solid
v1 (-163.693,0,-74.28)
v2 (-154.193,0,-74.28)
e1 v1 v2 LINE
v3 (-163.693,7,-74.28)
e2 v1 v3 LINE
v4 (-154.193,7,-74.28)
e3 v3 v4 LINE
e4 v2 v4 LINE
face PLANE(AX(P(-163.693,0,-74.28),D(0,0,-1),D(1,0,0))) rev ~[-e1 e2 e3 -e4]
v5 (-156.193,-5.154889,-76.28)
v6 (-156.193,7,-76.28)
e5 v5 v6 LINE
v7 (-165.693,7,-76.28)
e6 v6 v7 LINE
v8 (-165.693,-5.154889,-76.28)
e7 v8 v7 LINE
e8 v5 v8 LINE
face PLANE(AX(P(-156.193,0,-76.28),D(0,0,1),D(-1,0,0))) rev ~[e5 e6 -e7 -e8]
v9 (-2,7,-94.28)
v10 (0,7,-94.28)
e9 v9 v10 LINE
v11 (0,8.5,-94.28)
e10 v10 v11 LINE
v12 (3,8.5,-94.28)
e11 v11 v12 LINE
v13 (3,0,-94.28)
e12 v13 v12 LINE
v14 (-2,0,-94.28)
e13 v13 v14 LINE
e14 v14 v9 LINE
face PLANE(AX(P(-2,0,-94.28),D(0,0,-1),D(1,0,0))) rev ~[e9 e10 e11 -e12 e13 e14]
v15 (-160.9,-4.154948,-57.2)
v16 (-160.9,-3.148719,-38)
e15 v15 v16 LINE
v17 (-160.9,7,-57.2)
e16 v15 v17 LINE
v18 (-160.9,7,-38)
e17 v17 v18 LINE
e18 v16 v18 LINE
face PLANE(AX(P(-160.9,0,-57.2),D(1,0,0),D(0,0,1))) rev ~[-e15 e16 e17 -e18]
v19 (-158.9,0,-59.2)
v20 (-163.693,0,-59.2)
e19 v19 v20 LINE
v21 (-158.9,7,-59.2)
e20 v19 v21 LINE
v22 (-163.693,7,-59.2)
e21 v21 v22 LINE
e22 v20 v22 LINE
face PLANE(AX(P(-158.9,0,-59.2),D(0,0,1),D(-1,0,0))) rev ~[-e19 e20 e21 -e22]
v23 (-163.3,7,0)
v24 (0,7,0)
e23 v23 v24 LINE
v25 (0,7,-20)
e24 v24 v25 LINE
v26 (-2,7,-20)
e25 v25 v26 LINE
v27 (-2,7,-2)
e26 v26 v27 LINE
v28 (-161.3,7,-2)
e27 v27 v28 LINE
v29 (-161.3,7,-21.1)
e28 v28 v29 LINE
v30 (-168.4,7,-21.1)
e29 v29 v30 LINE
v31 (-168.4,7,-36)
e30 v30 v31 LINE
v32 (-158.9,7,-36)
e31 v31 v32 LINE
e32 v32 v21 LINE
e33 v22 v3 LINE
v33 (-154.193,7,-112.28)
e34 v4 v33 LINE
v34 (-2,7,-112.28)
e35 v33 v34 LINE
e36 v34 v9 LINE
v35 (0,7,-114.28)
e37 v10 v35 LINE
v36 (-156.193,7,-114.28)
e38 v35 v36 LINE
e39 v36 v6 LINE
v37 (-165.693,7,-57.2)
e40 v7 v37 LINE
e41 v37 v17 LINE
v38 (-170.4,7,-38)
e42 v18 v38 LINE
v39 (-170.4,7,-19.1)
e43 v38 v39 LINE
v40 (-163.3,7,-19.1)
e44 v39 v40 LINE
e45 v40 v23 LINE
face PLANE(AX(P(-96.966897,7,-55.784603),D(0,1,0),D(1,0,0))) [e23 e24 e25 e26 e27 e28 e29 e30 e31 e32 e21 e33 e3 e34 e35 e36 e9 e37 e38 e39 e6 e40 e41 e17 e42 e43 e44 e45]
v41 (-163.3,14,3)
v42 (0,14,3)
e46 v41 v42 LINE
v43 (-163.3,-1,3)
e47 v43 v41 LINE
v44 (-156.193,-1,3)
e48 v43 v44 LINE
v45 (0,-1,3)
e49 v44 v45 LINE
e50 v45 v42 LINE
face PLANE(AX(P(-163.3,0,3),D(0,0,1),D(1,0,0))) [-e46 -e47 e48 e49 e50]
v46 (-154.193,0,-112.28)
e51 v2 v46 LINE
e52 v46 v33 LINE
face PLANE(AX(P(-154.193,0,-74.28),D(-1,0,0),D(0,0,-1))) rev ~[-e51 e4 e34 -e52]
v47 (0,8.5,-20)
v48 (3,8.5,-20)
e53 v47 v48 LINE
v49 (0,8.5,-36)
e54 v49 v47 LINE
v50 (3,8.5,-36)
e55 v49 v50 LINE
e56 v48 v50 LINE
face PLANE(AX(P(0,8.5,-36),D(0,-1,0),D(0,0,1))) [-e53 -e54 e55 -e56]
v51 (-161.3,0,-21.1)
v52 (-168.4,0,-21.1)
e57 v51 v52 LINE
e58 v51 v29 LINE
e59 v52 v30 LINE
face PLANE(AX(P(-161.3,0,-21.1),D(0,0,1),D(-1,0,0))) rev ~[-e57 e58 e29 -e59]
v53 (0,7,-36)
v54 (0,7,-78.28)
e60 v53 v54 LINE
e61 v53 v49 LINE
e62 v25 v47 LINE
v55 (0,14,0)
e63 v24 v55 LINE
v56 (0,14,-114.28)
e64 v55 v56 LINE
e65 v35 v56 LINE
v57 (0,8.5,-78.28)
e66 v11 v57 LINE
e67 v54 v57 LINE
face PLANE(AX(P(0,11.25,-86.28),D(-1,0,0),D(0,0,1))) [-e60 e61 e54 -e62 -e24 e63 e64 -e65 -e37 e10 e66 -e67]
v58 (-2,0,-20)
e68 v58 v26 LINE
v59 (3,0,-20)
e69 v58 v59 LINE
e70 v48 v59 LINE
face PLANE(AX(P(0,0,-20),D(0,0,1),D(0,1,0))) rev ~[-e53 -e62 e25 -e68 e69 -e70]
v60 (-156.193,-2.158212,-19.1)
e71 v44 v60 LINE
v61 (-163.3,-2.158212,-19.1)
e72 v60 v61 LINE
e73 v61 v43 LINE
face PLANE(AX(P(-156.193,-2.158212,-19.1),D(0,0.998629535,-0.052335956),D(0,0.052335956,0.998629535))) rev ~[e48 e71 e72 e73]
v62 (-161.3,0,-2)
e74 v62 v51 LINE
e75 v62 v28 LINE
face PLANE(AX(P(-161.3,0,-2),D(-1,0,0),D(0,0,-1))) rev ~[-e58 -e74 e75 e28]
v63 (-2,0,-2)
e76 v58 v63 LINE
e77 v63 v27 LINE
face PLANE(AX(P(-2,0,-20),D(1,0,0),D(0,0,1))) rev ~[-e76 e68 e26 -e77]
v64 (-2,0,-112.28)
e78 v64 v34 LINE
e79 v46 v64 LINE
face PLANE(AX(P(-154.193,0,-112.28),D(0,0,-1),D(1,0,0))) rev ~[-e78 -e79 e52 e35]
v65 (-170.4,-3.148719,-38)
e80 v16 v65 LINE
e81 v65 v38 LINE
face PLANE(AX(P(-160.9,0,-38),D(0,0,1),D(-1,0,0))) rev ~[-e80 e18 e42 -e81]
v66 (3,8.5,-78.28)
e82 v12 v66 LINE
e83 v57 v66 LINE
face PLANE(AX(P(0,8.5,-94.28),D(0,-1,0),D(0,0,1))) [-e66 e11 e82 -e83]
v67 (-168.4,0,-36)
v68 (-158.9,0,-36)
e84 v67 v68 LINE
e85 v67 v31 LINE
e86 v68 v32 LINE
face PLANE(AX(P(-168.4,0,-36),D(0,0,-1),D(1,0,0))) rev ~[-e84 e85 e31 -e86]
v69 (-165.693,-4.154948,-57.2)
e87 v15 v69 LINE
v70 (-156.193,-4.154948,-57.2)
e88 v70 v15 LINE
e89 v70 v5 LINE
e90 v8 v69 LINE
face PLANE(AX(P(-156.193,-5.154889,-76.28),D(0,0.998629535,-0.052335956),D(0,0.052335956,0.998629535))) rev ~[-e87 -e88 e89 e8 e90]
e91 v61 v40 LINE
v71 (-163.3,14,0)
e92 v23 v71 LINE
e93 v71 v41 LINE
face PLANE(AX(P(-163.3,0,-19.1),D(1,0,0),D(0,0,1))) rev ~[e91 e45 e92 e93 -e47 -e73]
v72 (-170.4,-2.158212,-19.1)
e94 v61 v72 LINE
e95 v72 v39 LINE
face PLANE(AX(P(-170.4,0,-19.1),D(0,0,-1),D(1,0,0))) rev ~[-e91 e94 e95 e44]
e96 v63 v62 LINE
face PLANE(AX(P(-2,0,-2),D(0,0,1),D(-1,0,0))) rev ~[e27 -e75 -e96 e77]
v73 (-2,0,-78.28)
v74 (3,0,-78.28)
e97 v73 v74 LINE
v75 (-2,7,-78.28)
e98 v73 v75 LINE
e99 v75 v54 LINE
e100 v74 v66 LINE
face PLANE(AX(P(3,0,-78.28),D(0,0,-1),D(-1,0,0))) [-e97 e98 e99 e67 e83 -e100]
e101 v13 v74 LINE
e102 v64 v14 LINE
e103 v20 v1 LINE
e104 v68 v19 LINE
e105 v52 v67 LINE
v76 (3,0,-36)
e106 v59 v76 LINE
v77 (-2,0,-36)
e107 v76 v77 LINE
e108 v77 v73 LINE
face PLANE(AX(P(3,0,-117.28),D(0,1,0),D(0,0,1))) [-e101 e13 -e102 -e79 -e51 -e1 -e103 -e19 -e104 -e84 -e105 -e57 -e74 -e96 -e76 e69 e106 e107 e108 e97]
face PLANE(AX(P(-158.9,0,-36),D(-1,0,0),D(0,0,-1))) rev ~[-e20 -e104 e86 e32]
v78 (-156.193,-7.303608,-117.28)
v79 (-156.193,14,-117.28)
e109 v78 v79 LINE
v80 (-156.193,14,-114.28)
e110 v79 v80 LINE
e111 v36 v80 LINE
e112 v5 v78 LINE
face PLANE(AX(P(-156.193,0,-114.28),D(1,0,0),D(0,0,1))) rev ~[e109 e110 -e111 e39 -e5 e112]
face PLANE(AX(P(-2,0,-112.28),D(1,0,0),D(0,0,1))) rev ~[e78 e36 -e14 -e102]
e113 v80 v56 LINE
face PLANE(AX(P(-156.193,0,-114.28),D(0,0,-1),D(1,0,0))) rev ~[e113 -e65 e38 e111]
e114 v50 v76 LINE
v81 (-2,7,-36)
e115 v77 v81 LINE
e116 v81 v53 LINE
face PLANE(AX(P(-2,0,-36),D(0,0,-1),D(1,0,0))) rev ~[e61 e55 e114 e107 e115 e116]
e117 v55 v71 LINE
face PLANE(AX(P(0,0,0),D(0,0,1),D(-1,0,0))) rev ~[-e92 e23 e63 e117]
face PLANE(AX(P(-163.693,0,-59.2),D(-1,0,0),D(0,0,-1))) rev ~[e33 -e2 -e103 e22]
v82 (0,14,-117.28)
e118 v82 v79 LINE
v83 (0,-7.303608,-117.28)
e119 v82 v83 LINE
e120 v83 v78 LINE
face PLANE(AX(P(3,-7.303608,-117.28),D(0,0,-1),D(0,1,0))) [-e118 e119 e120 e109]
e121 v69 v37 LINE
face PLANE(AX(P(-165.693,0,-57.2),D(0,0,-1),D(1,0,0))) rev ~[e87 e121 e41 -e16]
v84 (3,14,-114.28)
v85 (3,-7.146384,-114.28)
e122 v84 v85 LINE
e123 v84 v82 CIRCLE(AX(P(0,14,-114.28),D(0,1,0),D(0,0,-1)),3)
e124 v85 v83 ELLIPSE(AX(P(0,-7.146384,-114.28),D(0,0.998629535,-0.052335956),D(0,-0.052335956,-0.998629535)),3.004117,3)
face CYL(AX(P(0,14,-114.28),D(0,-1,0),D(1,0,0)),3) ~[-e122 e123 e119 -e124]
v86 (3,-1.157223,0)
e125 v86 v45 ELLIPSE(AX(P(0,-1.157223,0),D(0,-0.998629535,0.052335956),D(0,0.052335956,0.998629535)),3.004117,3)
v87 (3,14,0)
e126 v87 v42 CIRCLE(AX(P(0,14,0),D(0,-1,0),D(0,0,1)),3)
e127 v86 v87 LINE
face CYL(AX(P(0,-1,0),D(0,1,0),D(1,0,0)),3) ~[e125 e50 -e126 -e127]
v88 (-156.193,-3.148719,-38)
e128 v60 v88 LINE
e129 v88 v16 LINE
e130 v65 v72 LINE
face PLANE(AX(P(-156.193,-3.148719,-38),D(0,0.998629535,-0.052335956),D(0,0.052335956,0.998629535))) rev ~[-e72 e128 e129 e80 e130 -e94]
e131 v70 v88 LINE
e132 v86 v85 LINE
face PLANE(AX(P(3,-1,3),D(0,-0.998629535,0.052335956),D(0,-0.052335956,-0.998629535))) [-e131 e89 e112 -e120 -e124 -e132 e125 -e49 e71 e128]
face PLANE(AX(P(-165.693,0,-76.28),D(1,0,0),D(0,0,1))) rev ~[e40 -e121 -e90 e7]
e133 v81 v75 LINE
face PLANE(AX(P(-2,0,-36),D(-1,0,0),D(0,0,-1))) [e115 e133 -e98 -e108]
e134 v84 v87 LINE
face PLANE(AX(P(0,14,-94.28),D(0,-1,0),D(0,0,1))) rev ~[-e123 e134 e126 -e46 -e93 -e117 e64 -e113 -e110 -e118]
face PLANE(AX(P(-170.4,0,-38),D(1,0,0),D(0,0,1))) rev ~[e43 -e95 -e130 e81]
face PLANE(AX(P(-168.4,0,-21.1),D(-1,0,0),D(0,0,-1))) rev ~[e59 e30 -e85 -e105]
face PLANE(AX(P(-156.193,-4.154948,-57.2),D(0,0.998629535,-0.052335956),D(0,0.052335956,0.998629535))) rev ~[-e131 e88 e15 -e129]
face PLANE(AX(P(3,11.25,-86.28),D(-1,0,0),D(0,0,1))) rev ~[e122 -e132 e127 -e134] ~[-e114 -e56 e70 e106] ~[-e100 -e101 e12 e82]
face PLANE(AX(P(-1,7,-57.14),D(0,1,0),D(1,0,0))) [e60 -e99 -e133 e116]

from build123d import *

# Parameters (mm, degrees)
BOSS_EXTRUDE2_DEPTH   = 14
BOSS_EXTRUDE2_2_DEPTH = 14
BOSS_EXTRUDE3_DEPTH   = 1
BOSS_EXTRUDE6_DEPTH   = 159.193
BOSS_EXTRUDE7_DEPTH   = 4.707
BOSS_EXTRUDE8_DEPTH   = 9.5
BOSS_EXTRUDE9_DEPTH   = 7.107
BOSS_EXTRUDE10_DEPTH  = 14.207
SKETCH7_W             = 16
SKETCH7_H             = 8.5
CUT_EXTRUDE1_DEPTH    = 4
FILLET1_R             = 3
FILLET2_R             = 3
SKETCH8_W             = 2
SKETCH8_H             = 42.28
BOSS_EXTRUDE11_DEPTH  = 7
SKETCH9_W             = 16
SKETCH9_H             = 5.5
BOSS_EXTRUDE12_DEPTH  = 3


with BuildPart() as part:
    # Sketch3 → Boss-Extrude2 (new body)
    with BuildSketch(Plane(origin=(0, 0, 0), x_dir=(1, 0, 0), z_dir=(0, 1, 0))):
        Polygon((0, 78.28), (0, 0), (-163.3, 0), (-163.3, -3), (3, -3), (3, 78.28), align=None)
    extrude(amount=BOSS_EXTRUDE2_DEPTH)

    # Sketch3<3> → Boss-Extrude3 (add)
    with BuildSketch(Plane(origin=(0, 0, 0), x_dir=(1, 0, 0), z_dir=(0, 1, 0))):
        Polygon((-163.3, 19.1), (-163.3, -3), (3, -3), (3, 78.28), (0, 78.28), (0, 114.28), (-156.193, 114.28), (-156.193, 76.28), (-165.693, 76.28), (-165.693, 57.2), (-160.9, 57.2), (-160.9, 38), (-170.4, 38), (-170.4, 19.1), align=None)
    extrude(amount=-BOSS_EXTRUDE3_DEPTH)



with BuildPart() as body_2:
    # Sketch3 → Boss-Extrude2 2 (new body)
    with BuildSketch(Plane(origin=(0, 0, 0), x_dir=(1, 0, 0), z_dir=(0, 1, 0))):
        Polygon((0, 114.28), (0, 94.28), (3, 94.28), (3, 117.28), (-156.193, 117.28), (-156.193, 114.28), align=None)
    extrude(amount=BOSS_EXTRUDE2_2_DEPTH)


with BuildPart() as part_1:
    add(part.part)

    add(body_2.part)  # Boss-Extrude6 merges body 2
    # Sketch4 → Boss-Extrude6 (add)
    with BuildSketch(Plane(origin=(3, 0, 0), x_dir=(0, 0, -1), z_dir=(1, 0, 0))):
        Polygon((-3, -1), (117.28, -7.303607692), (117.28, 0), (-3, 0), align=None)
    extrude(amount=-BOSS_EXTRUDE6_DEPTH)

    # Sketch5 → Boss-Extrude7 (add)
    with BuildSketch(Plane.ZY.offset(156.193)):
        Polygon((-38, 0), (-57.2, 0), (-57.2, -4.154948313), (-38, -3.148718951), align=None)
    extrude(amount=BOSS_EXTRUDE7_DEPTH)

    # Sketch5<4> → Boss-Extrude8 (add)
    with BuildSketch(Plane.ZY.offset(156.193)):
        Polygon((-57.2, 0), (-76.28, 0), (-76.28, -5.154888742), (-57.2, -4.154948313), align=None)
    extrude(amount=BOSS_EXTRUDE8_DEPTH)

    # Sketch5 again → Boss-Extrude9 (add)
    with BuildSketch(Plane.ZY.offset(156.193)):
        Polygon((3, -1), (-19.1, -1), (-19.1, -2.158211922), align=None)
    extrude(amount=BOSS_EXTRUDE9_DEPTH)

    # Sketch5<6> → Boss-Extrude10 (add)
    with BuildSketch(Plane.ZY.offset(156.193)):
        Polygon((-19.1, -1), (-38, -1), (-38, -3.148718951), (-19.1, -2.158211922), align=None)
    extrude(amount=BOSS_EXTRUDE10_DEPTH)

    # Sketch7 → Cut-Extrude1 (cut)
    with BuildSketch(Plane.ZY):
        with Locations((-28, 4.25)):
            Rectangle(SKETCH7_W, SKETCH7_H)
    extrude(amount=-CUT_EXTRUDE1_DEPTH, mode=Mode.SUBTRACT)

    # Fillet1
    fillet1_edges = [part_1.edges().sort_by_distance(p)[0] for p in [
        (3, 3.348196154, -117.28),
    ]]
    fillet(fillet1_edges, radius=FILLET1_R)

    # Fillet2
    fillet2_edges = [part_1.edges().sort_by_distance(p)[0] for p in [
        (3, 6.5, 3),
    ]]
    fillet(fillet2_edges, radius=FILLET2_R)

    # Sketch8 → Boss-Extrude11 (add)
    with BuildSketch(Plane(origin=(0, 0, 0), x_dir=(1, 0, 0), z_dir=(0, 1, 0))):
        Polygon((-154.193, 112.28), (-2, 112.28), (-2, 94.28), (0, 94.28), (0, 114.28), (-156.193, 114.28), (-156.193, 76.28), (-165.693, 76.28), (-165.693, 57.2), (-160.9, 57.2), (-160.9, 38), (-170.4, 38), (-170.4, 19.1), (-163.3, 19.1), (-163.3, 0), (0, 0), (0, 20), (-2, 20), (-2, 2), (-161.3, 2), (-161.3, 21.1), (-168.4, 21.1), (-168.4, 36), (-158.9, 36), (-158.9, 59.2), (-163.693, 59.2), (-163.693, 74.28), (-154.193, 74.28), align=None)
        with Locations((-1, 57.14)):
            Rectangle(SKETCH8_W, SKETCH8_H)
    extrude(amount=BOSS_EXTRUDE11_DEPTH)

    # Sketch9 → Boss-Extrude12 (add)
    with BuildSketch(Plane.ZY):
        with Locations((-86.28, 11.25)):
            Rectangle(SKETCH9_W, SKETCH9_H)
    extrude(amount=-BOSS_EXTRUDE12_DEPTH)


solid = part_1.part
